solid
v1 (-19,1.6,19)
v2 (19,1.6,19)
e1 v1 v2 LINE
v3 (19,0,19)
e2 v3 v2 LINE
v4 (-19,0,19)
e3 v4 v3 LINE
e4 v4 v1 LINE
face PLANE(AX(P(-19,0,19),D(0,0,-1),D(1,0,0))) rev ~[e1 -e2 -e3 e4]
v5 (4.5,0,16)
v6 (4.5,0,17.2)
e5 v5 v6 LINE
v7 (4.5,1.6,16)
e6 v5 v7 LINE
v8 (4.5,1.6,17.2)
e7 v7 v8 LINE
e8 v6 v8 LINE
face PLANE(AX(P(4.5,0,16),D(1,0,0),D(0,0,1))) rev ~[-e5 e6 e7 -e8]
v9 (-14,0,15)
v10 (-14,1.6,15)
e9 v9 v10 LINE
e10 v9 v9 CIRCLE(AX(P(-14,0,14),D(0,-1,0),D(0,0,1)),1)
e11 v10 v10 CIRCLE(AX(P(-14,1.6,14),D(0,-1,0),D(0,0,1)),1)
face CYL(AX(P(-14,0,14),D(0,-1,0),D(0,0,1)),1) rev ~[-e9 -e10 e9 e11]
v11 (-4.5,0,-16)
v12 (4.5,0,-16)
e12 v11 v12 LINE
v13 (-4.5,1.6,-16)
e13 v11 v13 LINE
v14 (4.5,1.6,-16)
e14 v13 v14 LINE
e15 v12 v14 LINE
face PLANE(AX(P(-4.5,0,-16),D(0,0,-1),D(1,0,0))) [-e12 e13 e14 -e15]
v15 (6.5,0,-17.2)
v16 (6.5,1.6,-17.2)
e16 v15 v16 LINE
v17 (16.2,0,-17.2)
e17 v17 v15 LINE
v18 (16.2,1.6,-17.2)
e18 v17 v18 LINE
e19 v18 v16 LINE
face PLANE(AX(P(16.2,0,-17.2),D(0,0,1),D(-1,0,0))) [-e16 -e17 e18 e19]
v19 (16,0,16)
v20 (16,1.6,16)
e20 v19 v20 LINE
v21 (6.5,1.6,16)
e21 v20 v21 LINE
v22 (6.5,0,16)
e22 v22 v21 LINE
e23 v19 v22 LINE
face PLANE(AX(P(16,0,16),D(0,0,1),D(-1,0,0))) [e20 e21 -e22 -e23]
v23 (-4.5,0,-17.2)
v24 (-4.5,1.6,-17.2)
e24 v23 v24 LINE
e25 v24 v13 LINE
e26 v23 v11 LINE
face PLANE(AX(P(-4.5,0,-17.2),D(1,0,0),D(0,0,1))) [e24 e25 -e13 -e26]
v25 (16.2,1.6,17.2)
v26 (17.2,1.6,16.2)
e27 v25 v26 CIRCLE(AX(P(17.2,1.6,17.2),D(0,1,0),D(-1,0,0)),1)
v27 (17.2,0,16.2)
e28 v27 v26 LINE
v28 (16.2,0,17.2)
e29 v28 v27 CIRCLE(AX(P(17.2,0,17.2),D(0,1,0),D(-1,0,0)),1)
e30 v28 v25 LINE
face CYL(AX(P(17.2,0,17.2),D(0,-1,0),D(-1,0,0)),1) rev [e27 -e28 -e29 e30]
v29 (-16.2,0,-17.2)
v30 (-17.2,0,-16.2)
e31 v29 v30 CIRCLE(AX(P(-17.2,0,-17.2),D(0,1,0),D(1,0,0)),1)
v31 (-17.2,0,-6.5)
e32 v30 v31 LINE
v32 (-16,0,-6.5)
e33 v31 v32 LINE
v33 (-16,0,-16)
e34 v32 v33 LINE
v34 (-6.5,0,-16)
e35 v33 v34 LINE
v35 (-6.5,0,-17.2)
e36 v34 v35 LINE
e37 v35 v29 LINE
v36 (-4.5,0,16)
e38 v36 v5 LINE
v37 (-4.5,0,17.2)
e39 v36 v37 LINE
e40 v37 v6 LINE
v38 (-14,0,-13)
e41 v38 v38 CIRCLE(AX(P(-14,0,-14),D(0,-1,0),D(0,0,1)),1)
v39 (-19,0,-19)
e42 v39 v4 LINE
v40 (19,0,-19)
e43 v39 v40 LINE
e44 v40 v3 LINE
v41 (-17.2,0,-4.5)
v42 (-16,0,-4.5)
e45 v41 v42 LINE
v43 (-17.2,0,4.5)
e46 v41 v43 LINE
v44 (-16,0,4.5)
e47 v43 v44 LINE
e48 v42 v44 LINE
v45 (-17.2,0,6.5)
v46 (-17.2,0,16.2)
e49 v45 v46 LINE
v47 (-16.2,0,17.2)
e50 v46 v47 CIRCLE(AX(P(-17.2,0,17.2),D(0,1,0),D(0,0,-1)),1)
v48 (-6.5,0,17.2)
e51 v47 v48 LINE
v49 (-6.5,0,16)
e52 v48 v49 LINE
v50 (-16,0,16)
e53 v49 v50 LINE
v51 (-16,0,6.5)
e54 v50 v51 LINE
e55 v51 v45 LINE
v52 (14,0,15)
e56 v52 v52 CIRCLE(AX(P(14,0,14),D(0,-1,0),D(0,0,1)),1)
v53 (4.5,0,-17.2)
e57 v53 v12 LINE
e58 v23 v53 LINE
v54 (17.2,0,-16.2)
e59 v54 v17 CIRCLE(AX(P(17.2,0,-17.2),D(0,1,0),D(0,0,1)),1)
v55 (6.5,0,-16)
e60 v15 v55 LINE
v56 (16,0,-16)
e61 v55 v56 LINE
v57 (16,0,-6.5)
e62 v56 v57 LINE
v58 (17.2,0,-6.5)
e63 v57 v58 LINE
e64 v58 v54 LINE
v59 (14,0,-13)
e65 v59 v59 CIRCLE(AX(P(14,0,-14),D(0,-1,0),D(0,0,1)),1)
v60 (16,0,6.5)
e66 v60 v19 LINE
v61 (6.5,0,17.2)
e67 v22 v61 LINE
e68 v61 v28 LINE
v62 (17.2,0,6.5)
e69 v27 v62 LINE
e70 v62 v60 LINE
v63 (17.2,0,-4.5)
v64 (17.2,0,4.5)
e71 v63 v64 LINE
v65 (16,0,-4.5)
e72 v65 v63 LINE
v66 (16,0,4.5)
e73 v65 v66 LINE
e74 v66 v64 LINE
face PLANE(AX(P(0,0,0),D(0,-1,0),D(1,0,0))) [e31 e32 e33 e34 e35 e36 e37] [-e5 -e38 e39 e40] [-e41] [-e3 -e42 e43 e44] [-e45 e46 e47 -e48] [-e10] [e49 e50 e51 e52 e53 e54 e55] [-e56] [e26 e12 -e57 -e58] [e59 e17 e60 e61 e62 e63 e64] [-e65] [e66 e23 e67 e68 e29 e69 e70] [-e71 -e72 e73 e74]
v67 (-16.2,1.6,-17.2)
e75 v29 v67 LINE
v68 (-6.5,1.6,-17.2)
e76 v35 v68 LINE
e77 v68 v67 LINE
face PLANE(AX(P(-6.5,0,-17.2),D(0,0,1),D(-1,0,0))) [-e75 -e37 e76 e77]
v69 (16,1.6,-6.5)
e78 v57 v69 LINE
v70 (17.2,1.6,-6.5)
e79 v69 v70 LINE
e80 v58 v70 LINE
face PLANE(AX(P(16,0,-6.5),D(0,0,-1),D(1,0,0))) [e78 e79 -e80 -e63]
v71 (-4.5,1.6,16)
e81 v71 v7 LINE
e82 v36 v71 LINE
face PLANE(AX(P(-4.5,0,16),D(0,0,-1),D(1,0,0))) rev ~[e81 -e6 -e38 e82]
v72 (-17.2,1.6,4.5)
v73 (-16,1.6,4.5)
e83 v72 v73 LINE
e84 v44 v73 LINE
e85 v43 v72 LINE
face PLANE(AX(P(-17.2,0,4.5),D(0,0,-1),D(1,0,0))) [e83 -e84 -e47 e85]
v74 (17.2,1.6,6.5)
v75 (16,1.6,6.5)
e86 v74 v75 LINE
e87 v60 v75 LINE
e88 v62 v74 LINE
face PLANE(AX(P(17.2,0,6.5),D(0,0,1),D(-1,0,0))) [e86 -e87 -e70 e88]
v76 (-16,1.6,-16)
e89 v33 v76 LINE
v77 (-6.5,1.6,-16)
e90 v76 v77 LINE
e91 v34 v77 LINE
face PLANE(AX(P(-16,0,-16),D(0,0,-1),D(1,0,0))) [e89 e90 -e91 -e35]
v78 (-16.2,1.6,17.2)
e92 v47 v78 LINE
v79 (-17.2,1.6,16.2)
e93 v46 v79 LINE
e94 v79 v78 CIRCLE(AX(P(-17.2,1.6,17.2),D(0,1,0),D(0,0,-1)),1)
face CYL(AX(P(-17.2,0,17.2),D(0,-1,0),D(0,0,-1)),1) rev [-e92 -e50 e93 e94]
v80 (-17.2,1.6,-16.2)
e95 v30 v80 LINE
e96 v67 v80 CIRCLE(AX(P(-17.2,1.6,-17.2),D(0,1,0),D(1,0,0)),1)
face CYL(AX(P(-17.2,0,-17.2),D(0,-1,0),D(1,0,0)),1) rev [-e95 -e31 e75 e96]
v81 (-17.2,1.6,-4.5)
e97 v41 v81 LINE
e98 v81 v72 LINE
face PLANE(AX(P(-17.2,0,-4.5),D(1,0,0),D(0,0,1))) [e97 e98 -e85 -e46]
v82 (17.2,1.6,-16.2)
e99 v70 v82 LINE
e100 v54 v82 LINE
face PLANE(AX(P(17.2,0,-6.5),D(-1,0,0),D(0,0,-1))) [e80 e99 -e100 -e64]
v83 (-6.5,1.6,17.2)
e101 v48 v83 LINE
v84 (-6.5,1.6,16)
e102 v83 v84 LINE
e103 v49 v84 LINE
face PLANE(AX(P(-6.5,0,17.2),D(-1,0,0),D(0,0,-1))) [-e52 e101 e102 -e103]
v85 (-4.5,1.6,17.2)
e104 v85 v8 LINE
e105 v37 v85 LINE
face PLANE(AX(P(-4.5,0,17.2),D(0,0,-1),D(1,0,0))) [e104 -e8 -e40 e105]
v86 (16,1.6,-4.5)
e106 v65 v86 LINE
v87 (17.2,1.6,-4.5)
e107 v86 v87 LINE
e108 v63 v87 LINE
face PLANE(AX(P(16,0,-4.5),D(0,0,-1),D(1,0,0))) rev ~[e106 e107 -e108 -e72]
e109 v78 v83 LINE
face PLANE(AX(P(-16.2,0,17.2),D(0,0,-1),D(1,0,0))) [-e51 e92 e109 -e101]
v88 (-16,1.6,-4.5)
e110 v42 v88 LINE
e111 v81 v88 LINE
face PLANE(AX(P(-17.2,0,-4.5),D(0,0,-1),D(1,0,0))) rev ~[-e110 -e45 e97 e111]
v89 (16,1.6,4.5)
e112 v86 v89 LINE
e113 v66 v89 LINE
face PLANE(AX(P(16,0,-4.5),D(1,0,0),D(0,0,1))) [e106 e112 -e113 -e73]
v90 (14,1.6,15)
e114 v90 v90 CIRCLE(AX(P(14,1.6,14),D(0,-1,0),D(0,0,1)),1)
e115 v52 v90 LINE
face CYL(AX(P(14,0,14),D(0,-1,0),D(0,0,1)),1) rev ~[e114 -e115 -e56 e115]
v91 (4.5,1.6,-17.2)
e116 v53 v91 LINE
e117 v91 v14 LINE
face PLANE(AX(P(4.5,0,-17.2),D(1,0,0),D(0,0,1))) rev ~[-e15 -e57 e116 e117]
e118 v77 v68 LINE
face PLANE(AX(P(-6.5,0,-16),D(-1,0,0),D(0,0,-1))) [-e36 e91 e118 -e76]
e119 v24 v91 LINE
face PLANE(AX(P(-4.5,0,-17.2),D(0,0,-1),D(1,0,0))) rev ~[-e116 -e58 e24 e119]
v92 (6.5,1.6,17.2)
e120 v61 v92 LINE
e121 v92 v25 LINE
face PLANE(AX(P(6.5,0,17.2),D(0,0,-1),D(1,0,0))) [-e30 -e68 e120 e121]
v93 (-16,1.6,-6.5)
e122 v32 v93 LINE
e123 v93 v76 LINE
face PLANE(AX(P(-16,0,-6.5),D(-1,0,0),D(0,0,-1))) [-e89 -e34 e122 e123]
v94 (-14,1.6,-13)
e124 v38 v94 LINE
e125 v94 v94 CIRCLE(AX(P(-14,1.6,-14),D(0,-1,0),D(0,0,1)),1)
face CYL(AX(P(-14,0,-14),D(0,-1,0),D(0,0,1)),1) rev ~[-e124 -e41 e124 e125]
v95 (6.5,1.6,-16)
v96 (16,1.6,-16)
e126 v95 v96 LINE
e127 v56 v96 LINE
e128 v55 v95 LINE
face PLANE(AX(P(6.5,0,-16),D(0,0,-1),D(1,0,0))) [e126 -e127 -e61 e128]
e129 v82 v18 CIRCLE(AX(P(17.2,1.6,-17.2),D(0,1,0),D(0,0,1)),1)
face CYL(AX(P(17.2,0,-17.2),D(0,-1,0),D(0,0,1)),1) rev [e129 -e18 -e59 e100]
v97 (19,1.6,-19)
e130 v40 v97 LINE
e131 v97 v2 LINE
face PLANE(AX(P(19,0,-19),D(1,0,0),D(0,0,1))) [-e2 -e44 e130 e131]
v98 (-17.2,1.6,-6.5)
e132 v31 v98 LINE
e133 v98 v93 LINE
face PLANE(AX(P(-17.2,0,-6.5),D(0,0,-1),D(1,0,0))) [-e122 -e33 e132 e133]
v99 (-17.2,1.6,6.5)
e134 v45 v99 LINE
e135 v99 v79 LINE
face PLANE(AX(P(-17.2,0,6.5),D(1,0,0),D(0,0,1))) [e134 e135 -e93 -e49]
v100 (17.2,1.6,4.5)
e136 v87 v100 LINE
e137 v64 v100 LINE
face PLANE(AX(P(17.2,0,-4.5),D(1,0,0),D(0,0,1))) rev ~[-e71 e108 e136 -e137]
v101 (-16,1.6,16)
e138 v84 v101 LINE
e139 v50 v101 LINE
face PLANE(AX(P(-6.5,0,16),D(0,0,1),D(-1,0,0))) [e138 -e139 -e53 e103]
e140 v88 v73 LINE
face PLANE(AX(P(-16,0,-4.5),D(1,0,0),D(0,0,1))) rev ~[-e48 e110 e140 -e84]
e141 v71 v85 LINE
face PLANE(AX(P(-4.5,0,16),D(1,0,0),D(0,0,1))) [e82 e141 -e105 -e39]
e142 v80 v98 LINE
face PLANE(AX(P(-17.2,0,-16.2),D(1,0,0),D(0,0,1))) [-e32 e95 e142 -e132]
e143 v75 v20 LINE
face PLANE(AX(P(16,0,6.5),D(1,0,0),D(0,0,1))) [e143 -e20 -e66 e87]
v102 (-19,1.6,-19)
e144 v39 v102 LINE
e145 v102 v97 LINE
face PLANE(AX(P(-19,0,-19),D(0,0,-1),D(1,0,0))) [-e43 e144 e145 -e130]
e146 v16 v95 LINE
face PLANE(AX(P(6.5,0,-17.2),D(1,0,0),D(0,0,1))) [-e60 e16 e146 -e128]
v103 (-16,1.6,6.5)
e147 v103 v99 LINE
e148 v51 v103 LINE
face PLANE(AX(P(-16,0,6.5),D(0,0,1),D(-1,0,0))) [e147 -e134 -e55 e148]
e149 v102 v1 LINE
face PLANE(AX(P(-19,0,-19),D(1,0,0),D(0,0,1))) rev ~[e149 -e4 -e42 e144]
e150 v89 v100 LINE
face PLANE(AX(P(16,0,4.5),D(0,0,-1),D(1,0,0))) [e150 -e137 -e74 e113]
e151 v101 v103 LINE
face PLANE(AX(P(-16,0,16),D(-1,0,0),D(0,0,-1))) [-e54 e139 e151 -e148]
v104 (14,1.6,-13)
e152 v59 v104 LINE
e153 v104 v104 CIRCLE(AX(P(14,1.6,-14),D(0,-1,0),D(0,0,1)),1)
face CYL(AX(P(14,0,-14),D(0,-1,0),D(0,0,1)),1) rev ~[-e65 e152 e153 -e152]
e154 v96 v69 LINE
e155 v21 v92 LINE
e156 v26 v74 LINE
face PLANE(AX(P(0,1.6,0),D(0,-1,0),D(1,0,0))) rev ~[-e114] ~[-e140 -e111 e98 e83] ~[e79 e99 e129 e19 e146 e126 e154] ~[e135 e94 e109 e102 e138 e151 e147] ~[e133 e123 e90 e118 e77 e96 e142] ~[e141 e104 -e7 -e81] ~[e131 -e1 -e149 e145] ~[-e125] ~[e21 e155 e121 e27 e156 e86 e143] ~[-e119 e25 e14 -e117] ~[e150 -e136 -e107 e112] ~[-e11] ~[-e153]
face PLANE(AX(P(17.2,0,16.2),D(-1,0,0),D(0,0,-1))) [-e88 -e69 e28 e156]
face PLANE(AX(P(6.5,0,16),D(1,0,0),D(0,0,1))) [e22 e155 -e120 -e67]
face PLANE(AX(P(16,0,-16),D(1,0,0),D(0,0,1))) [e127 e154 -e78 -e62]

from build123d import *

# Parameters (mm, degrees)
SKETCH1_W           = 38
SKETCH1_H           = 38
SKETCH1_R           = 1
SKETCH1_W_2         = 9
SKETCH1_H_2         = 1.2
SKETCH1_W_3         = 1.2
SKETCH1_H_3         = 9
BOSS_EXTRUDE1_DEPTH = 1.6


with BuildPart() as part:
    # Sketch1 → Boss-Extrude1 (new body)
    with BuildSketch(Plane.XZ):
        Rectangle(SKETCH1_W, SKETCH1_H)
        with Locations(Location((-14, -14, 0), (0, 0, 90))):
            Circle(SKETCH1_R, mode=Mode.SUBTRACT)
        with Locations(Location((-14, 14, 0), (0, 0, 90))):
            Circle(SKETCH1_R, mode=Mode.SUBTRACT)
        with Locations(Location((14, -14, 0), (0, 0, 90))):
            Circle(SKETCH1_R, mode=Mode.SUBTRACT)
        with Locations(Location((14, 14, 0), (0, 0, 90))):
            Circle(SKETCH1_R, mode=Mode.SUBTRACT)
        with BuildLine():
            Line((6.5, 17.2), (16.2, 17.2))
            ThreePointArc((16.2, 17.2), (17.907106781, 17.907106781), (17.2, 16.2))
            Line((17.2, 16.2), (17.2, 6.5))
            Line((17.2, 6.5), (16, 6.5))
            Line((16, 6.5), (16, 16))
            Line((16, 16), (6.5, 16))
            Line((6.5, 16), (6.5, 17.2))
        make_face(mode=Mode.SUBTRACT)
        with BuildLine():
            Line((-6.5, -17.2), (-16.2, -17.2))
            ThreePointArc((-16.2, -17.2), (-17.907106781, -17.907106781), (-17.2, -16.2))
            Line((-17.2, -16.2), (-17.2, -6.5))
            Line((-17.2, -6.5), (-16, -6.5))
            Line((-16, -6.5), (-16, -16))
            Line((-16, -16), (-6.5, -16))
            Line((-6.5, -16), (-6.5, -17.2))
        make_face(mode=Mode.SUBTRACT)
        with Locations((0, 16.6)):
            Rectangle(SKETCH1_W_2, SKETCH1_H_2, mode=Mode.SUBTRACT)
        with BuildLine():
            Line((6.5, -16), (16, -16))
            Line((16, -16), (16, -6.5))
            Line((16, -6.5), (17.2, -6.5))
            Line((17.2, -6.5), (17.2, -16.2))
            ThreePointArc((17.2, -16.2), (17.907106781, -17.907106781), (16.2, -17.2))
            Line((16.2, -17.2), (6.5, -17.2))
            Line((6.5, -17.2), (6.5, -16))
        make_face(mode=Mode.SUBTRACT)
        with Locations((-16.6, 0)):
            Rectangle(SKETCH1_W_3, SKETCH1_H_3, mode=Mode.SUBTRACT)
        with Locations((16.6, 0)):
            Rectangle(SKETCH1_W_3, SKETCH1_H_3, mode=Mode.SUBTRACT)
        with BuildLine():
            Line((-16, 16), (-16, 6.5))
            Line((-16, 6.5), (-17.2, 6.5))
            Line((-17.2, 6.5), (-17.2, 16.2))
            ThreePointArc((-17.2, 16.2), (-17.907106781, 17.907106781), (-16.2, 17.2))
            Line((-16.2, 17.2), (-6.5, 17.2))
            Line((-6.5, 17.2), (-6.5, 16))
            Line((-6.5, 16), (-16, 16))
        make_face(mode=Mode.SUBTRACT)
        with Locations((0, -16.6)):
            Rectangle(SKETCH1_W_2, SKETCH1_H_2, mode=Mode.SUBTRACT)
    extrude(amount=-BOSS_EXTRUDE1_DEPTH)


solid = part.part
